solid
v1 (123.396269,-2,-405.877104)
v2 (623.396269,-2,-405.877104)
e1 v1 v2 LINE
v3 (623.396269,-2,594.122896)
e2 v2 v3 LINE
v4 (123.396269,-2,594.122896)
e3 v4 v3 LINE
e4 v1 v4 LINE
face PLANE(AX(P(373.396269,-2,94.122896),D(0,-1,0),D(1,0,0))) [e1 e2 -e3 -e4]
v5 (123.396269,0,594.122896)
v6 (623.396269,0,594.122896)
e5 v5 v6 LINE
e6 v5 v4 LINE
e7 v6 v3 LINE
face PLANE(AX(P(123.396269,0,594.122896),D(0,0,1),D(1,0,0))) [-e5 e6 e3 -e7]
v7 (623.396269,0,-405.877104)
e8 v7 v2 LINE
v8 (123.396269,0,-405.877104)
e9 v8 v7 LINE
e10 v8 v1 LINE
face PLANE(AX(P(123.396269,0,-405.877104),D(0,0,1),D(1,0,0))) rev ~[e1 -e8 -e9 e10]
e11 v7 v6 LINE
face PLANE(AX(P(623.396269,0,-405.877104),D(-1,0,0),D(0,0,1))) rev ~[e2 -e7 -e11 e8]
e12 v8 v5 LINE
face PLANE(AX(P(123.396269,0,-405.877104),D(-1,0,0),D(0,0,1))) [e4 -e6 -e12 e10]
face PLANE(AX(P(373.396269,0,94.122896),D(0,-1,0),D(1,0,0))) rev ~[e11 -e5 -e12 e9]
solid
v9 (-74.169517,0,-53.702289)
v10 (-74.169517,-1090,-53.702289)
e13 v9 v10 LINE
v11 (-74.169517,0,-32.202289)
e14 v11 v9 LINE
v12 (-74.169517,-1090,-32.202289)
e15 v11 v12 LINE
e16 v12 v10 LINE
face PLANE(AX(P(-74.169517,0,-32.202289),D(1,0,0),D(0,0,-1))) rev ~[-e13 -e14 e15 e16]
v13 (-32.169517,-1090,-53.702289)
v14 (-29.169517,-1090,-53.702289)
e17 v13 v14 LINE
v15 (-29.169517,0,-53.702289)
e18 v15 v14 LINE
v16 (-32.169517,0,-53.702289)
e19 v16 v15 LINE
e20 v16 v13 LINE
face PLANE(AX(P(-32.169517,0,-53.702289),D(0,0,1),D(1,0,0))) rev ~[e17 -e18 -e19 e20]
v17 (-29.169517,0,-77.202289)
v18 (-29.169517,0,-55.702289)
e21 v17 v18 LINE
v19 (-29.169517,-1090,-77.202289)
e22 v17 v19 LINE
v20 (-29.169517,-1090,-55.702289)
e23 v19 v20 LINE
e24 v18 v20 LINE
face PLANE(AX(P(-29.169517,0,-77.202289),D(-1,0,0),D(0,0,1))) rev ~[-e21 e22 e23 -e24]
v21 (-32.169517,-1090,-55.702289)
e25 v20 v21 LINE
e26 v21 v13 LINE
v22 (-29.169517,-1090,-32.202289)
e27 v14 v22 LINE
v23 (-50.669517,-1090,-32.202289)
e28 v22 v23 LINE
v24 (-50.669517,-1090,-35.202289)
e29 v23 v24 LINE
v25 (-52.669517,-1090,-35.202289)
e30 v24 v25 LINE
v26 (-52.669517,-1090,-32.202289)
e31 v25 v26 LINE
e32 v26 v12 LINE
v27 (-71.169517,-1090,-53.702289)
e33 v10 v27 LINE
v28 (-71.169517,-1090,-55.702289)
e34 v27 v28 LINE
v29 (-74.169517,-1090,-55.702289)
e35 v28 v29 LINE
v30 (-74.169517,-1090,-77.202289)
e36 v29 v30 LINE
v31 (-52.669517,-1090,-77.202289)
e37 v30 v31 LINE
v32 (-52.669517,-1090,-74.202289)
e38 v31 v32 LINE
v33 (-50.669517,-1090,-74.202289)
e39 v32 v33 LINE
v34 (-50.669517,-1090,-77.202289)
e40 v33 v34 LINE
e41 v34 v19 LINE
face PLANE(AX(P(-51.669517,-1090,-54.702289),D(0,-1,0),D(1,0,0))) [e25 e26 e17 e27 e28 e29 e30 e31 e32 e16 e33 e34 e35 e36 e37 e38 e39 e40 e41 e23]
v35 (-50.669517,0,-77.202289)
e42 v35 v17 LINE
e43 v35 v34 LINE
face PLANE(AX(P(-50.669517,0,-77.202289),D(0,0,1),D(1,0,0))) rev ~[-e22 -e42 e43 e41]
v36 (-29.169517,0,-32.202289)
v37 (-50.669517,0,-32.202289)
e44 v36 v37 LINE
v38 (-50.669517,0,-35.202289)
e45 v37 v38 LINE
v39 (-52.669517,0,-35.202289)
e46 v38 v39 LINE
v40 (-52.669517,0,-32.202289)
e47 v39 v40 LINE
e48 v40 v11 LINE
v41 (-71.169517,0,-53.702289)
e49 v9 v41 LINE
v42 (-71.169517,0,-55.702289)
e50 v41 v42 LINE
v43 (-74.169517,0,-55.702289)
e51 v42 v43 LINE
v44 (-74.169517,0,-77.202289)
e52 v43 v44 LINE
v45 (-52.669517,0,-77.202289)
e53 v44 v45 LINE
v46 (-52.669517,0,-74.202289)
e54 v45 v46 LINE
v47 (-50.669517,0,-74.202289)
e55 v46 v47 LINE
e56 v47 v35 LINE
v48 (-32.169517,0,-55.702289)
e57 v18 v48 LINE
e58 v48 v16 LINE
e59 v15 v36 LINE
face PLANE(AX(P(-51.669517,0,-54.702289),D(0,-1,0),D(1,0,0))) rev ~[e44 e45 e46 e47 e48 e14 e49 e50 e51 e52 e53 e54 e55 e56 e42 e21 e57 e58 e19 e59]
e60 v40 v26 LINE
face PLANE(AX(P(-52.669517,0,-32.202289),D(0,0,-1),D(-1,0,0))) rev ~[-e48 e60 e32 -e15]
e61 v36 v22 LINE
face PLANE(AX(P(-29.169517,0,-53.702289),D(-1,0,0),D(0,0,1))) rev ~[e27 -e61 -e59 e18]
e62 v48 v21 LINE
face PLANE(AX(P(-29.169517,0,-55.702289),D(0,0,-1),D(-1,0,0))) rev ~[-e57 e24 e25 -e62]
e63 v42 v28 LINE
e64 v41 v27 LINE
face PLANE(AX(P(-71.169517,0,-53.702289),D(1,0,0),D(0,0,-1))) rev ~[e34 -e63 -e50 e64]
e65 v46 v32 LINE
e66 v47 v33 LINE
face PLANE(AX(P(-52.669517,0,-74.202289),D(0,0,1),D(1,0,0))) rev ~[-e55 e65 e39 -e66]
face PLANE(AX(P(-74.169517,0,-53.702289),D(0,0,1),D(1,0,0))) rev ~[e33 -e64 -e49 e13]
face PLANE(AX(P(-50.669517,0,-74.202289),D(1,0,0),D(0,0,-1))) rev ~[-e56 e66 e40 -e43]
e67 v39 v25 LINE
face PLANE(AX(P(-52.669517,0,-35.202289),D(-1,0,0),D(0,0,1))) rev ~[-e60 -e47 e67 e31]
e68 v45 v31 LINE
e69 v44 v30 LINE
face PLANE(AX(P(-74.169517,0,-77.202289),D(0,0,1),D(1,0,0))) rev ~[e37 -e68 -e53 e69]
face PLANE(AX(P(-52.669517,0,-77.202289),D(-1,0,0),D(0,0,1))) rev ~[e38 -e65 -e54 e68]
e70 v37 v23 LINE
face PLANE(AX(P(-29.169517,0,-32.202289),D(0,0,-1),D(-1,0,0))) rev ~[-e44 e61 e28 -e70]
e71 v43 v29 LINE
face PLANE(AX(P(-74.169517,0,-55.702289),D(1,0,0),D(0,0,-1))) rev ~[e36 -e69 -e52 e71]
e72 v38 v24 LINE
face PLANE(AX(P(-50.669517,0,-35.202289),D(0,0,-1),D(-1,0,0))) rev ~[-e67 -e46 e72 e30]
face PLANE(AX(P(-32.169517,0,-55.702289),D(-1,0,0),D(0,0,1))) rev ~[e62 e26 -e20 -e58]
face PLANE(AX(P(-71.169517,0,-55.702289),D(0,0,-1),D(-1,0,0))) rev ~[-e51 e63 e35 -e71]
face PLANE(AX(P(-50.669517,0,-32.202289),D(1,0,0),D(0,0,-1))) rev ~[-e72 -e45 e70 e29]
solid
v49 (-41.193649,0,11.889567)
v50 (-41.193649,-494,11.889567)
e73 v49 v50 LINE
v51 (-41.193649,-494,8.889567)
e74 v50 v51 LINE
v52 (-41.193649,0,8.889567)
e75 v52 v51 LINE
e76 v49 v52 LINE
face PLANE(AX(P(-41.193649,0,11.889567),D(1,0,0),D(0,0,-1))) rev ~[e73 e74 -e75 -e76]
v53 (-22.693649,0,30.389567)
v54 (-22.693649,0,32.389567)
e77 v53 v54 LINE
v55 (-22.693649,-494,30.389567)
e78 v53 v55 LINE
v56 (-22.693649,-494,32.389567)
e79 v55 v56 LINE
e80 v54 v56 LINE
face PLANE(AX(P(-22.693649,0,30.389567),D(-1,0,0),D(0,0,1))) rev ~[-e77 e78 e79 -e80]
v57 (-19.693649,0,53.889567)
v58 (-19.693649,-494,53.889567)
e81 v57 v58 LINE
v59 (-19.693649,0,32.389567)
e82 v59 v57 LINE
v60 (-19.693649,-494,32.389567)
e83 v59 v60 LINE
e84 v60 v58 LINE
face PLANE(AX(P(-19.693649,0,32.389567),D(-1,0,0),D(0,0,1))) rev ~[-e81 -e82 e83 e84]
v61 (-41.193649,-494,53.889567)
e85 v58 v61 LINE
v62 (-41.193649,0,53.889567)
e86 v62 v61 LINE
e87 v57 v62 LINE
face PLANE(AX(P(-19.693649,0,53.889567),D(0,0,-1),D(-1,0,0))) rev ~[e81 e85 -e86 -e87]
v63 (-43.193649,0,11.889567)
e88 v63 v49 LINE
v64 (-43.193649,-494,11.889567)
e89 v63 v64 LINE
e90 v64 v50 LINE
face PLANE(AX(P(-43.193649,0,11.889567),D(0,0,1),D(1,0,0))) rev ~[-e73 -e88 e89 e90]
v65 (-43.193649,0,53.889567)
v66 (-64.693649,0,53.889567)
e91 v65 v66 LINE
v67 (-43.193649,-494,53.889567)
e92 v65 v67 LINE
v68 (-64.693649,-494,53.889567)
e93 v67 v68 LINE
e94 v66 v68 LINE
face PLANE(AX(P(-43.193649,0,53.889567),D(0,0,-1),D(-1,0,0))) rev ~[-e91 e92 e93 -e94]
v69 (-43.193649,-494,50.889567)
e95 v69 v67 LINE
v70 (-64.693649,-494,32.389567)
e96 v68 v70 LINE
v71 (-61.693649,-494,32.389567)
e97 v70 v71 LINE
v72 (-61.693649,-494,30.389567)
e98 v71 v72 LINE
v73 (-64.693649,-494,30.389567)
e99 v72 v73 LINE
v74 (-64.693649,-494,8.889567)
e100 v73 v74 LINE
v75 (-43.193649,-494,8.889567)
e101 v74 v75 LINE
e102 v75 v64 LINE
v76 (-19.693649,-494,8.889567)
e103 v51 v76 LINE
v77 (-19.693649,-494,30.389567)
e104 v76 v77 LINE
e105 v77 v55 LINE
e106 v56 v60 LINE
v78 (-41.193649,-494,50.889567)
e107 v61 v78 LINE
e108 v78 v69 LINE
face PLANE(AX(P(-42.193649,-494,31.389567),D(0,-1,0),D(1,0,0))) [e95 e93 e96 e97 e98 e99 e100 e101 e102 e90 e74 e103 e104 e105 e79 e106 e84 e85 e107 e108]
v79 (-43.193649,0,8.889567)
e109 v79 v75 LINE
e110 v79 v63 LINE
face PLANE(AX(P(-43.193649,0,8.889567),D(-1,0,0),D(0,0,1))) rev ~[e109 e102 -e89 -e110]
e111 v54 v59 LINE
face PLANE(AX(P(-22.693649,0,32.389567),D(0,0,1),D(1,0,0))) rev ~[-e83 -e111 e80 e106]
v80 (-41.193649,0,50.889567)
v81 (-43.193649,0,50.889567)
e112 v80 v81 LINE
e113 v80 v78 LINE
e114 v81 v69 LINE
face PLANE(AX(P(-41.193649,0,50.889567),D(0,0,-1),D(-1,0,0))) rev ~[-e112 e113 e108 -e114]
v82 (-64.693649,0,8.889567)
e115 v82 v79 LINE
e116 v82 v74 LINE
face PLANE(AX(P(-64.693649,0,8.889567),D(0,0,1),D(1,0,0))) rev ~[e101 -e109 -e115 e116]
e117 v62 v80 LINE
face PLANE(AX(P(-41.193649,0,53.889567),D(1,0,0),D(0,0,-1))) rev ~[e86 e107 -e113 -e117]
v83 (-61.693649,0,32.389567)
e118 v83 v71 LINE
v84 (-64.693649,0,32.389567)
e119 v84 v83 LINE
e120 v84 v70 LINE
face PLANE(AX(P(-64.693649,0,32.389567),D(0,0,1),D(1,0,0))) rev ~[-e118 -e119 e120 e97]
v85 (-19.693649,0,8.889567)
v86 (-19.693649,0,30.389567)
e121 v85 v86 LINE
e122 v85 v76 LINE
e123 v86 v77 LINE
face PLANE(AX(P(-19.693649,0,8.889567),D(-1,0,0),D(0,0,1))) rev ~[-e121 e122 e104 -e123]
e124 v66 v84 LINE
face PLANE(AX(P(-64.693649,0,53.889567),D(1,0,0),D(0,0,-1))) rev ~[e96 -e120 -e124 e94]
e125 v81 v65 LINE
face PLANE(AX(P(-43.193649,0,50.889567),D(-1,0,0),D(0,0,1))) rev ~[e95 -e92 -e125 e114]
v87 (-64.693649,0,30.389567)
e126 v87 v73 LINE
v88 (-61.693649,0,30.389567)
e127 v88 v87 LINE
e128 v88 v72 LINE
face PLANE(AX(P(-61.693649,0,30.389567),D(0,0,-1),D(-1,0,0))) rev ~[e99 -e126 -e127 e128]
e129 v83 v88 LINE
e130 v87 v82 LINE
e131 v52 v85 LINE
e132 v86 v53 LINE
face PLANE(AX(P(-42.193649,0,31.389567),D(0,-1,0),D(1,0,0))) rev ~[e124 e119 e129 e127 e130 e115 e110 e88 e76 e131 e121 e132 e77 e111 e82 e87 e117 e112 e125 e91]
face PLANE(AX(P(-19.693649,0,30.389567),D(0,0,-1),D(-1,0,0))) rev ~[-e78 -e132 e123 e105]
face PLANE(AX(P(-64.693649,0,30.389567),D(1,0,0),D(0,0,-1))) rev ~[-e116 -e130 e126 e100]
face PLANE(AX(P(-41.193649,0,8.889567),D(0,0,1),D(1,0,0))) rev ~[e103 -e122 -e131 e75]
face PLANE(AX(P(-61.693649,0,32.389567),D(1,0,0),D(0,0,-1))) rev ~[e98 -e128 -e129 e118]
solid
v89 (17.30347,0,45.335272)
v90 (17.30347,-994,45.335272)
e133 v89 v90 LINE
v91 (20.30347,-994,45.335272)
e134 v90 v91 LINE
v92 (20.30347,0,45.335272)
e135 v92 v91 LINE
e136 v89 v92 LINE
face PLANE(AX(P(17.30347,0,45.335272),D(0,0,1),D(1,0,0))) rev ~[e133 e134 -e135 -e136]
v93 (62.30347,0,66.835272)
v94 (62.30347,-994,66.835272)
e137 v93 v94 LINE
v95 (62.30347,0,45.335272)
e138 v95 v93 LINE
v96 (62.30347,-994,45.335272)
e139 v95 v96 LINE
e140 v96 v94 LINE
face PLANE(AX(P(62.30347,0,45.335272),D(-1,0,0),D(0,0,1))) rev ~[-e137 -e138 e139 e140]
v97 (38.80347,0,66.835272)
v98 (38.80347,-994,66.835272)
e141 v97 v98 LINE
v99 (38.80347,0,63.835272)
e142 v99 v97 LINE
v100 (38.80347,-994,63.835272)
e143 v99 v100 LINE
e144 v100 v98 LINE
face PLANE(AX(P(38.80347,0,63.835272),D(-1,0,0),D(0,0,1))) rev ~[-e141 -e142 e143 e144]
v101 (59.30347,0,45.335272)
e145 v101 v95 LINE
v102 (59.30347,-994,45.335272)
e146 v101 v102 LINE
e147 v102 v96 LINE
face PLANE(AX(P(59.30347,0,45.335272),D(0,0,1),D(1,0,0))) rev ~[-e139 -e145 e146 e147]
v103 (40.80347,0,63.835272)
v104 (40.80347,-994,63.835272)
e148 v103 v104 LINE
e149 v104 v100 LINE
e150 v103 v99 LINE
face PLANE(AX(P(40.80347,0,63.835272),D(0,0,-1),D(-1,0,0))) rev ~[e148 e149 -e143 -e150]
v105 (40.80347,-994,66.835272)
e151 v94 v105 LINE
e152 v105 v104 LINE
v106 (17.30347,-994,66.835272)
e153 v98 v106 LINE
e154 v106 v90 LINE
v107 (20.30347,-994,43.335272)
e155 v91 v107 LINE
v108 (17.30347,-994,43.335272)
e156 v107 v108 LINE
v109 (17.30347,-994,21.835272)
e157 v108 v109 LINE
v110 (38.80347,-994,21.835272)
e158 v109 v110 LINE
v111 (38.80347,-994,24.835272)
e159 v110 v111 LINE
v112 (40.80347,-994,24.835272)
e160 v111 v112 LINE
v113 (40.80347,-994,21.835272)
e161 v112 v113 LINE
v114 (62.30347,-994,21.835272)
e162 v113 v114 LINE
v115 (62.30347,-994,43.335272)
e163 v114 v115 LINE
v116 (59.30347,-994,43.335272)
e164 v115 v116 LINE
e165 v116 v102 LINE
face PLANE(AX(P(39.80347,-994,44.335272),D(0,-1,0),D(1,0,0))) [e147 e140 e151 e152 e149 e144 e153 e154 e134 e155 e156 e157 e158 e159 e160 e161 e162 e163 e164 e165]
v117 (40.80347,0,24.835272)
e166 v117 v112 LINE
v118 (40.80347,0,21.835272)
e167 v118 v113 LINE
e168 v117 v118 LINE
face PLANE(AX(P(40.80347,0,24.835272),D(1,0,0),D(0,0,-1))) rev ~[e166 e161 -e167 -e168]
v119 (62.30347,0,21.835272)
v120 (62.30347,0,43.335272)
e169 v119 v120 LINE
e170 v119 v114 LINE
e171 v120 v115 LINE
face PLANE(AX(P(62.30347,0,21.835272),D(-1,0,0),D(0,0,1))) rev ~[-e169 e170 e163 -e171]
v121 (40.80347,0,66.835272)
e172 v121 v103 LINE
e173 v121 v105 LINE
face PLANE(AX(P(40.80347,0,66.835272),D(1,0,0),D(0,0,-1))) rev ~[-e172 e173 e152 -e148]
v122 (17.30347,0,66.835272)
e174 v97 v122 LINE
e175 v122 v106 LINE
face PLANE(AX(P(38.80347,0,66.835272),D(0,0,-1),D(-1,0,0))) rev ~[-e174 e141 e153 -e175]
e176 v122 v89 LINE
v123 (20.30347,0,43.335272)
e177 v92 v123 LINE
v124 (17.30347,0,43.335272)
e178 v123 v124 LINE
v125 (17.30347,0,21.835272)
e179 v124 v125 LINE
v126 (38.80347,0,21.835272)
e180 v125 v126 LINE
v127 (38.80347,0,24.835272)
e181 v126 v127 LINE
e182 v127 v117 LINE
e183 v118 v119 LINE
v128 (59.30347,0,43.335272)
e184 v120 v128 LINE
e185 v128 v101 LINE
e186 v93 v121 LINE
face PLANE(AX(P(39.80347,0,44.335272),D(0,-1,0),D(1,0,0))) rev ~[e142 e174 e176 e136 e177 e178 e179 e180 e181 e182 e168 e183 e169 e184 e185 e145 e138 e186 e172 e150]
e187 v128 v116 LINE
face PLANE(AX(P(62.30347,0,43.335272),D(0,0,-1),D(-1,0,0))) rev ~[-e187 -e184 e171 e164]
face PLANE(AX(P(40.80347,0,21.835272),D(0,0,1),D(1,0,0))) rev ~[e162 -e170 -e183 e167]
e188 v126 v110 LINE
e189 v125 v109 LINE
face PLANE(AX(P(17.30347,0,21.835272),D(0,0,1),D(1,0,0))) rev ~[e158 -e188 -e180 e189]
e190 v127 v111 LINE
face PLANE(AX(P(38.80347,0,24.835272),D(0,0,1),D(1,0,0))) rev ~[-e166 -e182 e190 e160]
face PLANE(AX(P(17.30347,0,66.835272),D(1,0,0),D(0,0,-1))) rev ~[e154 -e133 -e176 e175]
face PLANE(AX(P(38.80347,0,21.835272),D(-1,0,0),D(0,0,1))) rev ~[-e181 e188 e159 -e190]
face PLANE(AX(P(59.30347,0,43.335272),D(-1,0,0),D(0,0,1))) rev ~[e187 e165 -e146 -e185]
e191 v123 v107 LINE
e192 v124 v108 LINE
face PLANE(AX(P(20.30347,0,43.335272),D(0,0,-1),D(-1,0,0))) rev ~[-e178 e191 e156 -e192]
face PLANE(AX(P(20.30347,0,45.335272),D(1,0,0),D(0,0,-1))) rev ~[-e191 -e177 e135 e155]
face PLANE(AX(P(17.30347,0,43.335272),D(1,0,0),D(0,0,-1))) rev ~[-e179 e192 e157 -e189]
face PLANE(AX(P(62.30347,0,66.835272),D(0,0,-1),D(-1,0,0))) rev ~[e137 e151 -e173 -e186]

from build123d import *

# Parameters (mm, degrees)
F1_DEPTH = 494
F3_DEPTH = 1090
F4_W     = 500
F4_H     = 1000
F5_DEPTH = 2
F7_DEPTH = 994


with BuildPart() as f1:
    # F0 (on Front) → F1 (new body)
    with BuildSketch(Plane.XZ):
        Polygon((-43.193649, 53.889567), (-64.693649, 53.889567), (-64.693649, 32.389567), (-61.693649, 32.389567), (-61.693649, 31.389567), (-61.693649, 30.389567), (-64.693649, 30.389567), (-64.693649, 8.889567), (-43.193649, 8.889567), (-43.193649, 11.889567), (-42.193649, 11.889567), (-41.193649, 11.889567), (-41.193649, 8.889567), (-19.693649, 8.889567), (-19.693649, 30.389567), (-22.693649, 30.389567), (-22.693649, 31.389567), (-22.693649, 32.389567), (-19.693649, 32.389567), (-19.693649, 53.889567), (-41.193649, 53.889567), (-41.193649, 50.889567), (-42.193649, 50.889567), (-43.193649, 50.889567), align=None)
    extrude(amount=F1_DEPTH)


with BuildPart() as f3:
    # F2 (on Front) → F3 (new body)
    with BuildSketch(Plane.XZ):
        Polygon((-52.669517, -32.202289), (-74.169517, -32.202289), (-74.169517, -53.702289), (-71.169517, -53.702289), (-71.169517, -54.702289), (-71.169517, -55.702289), (-74.169517, -55.702289), (-74.169517, -77.202289), (-52.669517, -77.202289), (-52.669517, -74.202289), (-51.669517, -74.202289), (-50.669517, -74.202289), (-50.669517, -77.202289), (-29.169517, -77.202289), (-29.169517, -55.702289), (-32.169517, -55.702289), (-32.169517, -54.702289), (-32.169517, -53.702289), (-29.169517, -53.702289), (-29.169517, -32.202289), (-50.669517, -32.202289), (-50.669517, -35.202289), (-51.669517, -35.202289), (-52.669517, -35.202289), align=None)
    extrude(amount=F3_DEPTH)


with BuildPart() as f5:
    # F4 (on Front) → F5 (new body)
    with BuildSketch(Plane.XZ):
        with Locations((373.396269, 94.122896)):
            Rectangle(F4_W, F4_H)
    extrude(amount=F5_DEPTH)


with BuildPart() as f7:
    # F6 (on Front) → F7 (new body)
    with BuildSketch(Plane.XZ):
        Polygon((38.80347, 66.835272), (17.30347, 66.835272), (17.30347, 45.335272), (20.30347, 45.335272), (20.30347, 44.335272), (20.30347, 43.335272), (17.30347, 43.335272), (17.30347, 21.835272), (38.80347, 21.835272), (38.80347, 24.835272), (39.80347, 24.835272), (40.80347, 24.835272), (40.80347, 21.835272), (62.30347, 21.835272), (62.30347, 43.335272), (59.30347, 43.335272), (59.30347, 44.335272), (59.30347, 45.335272), (62.30347, 45.335272), (62.30347, 66.835272), (40.80347, 66.835272), (40.80347, 63.835272), (39.80347, 63.835272), (38.80347, 63.835272), align=None)
    extrude(amount=F7_DEPTH)


solid = Compound([f1.part, f3.part, f5.part, f7.part])
